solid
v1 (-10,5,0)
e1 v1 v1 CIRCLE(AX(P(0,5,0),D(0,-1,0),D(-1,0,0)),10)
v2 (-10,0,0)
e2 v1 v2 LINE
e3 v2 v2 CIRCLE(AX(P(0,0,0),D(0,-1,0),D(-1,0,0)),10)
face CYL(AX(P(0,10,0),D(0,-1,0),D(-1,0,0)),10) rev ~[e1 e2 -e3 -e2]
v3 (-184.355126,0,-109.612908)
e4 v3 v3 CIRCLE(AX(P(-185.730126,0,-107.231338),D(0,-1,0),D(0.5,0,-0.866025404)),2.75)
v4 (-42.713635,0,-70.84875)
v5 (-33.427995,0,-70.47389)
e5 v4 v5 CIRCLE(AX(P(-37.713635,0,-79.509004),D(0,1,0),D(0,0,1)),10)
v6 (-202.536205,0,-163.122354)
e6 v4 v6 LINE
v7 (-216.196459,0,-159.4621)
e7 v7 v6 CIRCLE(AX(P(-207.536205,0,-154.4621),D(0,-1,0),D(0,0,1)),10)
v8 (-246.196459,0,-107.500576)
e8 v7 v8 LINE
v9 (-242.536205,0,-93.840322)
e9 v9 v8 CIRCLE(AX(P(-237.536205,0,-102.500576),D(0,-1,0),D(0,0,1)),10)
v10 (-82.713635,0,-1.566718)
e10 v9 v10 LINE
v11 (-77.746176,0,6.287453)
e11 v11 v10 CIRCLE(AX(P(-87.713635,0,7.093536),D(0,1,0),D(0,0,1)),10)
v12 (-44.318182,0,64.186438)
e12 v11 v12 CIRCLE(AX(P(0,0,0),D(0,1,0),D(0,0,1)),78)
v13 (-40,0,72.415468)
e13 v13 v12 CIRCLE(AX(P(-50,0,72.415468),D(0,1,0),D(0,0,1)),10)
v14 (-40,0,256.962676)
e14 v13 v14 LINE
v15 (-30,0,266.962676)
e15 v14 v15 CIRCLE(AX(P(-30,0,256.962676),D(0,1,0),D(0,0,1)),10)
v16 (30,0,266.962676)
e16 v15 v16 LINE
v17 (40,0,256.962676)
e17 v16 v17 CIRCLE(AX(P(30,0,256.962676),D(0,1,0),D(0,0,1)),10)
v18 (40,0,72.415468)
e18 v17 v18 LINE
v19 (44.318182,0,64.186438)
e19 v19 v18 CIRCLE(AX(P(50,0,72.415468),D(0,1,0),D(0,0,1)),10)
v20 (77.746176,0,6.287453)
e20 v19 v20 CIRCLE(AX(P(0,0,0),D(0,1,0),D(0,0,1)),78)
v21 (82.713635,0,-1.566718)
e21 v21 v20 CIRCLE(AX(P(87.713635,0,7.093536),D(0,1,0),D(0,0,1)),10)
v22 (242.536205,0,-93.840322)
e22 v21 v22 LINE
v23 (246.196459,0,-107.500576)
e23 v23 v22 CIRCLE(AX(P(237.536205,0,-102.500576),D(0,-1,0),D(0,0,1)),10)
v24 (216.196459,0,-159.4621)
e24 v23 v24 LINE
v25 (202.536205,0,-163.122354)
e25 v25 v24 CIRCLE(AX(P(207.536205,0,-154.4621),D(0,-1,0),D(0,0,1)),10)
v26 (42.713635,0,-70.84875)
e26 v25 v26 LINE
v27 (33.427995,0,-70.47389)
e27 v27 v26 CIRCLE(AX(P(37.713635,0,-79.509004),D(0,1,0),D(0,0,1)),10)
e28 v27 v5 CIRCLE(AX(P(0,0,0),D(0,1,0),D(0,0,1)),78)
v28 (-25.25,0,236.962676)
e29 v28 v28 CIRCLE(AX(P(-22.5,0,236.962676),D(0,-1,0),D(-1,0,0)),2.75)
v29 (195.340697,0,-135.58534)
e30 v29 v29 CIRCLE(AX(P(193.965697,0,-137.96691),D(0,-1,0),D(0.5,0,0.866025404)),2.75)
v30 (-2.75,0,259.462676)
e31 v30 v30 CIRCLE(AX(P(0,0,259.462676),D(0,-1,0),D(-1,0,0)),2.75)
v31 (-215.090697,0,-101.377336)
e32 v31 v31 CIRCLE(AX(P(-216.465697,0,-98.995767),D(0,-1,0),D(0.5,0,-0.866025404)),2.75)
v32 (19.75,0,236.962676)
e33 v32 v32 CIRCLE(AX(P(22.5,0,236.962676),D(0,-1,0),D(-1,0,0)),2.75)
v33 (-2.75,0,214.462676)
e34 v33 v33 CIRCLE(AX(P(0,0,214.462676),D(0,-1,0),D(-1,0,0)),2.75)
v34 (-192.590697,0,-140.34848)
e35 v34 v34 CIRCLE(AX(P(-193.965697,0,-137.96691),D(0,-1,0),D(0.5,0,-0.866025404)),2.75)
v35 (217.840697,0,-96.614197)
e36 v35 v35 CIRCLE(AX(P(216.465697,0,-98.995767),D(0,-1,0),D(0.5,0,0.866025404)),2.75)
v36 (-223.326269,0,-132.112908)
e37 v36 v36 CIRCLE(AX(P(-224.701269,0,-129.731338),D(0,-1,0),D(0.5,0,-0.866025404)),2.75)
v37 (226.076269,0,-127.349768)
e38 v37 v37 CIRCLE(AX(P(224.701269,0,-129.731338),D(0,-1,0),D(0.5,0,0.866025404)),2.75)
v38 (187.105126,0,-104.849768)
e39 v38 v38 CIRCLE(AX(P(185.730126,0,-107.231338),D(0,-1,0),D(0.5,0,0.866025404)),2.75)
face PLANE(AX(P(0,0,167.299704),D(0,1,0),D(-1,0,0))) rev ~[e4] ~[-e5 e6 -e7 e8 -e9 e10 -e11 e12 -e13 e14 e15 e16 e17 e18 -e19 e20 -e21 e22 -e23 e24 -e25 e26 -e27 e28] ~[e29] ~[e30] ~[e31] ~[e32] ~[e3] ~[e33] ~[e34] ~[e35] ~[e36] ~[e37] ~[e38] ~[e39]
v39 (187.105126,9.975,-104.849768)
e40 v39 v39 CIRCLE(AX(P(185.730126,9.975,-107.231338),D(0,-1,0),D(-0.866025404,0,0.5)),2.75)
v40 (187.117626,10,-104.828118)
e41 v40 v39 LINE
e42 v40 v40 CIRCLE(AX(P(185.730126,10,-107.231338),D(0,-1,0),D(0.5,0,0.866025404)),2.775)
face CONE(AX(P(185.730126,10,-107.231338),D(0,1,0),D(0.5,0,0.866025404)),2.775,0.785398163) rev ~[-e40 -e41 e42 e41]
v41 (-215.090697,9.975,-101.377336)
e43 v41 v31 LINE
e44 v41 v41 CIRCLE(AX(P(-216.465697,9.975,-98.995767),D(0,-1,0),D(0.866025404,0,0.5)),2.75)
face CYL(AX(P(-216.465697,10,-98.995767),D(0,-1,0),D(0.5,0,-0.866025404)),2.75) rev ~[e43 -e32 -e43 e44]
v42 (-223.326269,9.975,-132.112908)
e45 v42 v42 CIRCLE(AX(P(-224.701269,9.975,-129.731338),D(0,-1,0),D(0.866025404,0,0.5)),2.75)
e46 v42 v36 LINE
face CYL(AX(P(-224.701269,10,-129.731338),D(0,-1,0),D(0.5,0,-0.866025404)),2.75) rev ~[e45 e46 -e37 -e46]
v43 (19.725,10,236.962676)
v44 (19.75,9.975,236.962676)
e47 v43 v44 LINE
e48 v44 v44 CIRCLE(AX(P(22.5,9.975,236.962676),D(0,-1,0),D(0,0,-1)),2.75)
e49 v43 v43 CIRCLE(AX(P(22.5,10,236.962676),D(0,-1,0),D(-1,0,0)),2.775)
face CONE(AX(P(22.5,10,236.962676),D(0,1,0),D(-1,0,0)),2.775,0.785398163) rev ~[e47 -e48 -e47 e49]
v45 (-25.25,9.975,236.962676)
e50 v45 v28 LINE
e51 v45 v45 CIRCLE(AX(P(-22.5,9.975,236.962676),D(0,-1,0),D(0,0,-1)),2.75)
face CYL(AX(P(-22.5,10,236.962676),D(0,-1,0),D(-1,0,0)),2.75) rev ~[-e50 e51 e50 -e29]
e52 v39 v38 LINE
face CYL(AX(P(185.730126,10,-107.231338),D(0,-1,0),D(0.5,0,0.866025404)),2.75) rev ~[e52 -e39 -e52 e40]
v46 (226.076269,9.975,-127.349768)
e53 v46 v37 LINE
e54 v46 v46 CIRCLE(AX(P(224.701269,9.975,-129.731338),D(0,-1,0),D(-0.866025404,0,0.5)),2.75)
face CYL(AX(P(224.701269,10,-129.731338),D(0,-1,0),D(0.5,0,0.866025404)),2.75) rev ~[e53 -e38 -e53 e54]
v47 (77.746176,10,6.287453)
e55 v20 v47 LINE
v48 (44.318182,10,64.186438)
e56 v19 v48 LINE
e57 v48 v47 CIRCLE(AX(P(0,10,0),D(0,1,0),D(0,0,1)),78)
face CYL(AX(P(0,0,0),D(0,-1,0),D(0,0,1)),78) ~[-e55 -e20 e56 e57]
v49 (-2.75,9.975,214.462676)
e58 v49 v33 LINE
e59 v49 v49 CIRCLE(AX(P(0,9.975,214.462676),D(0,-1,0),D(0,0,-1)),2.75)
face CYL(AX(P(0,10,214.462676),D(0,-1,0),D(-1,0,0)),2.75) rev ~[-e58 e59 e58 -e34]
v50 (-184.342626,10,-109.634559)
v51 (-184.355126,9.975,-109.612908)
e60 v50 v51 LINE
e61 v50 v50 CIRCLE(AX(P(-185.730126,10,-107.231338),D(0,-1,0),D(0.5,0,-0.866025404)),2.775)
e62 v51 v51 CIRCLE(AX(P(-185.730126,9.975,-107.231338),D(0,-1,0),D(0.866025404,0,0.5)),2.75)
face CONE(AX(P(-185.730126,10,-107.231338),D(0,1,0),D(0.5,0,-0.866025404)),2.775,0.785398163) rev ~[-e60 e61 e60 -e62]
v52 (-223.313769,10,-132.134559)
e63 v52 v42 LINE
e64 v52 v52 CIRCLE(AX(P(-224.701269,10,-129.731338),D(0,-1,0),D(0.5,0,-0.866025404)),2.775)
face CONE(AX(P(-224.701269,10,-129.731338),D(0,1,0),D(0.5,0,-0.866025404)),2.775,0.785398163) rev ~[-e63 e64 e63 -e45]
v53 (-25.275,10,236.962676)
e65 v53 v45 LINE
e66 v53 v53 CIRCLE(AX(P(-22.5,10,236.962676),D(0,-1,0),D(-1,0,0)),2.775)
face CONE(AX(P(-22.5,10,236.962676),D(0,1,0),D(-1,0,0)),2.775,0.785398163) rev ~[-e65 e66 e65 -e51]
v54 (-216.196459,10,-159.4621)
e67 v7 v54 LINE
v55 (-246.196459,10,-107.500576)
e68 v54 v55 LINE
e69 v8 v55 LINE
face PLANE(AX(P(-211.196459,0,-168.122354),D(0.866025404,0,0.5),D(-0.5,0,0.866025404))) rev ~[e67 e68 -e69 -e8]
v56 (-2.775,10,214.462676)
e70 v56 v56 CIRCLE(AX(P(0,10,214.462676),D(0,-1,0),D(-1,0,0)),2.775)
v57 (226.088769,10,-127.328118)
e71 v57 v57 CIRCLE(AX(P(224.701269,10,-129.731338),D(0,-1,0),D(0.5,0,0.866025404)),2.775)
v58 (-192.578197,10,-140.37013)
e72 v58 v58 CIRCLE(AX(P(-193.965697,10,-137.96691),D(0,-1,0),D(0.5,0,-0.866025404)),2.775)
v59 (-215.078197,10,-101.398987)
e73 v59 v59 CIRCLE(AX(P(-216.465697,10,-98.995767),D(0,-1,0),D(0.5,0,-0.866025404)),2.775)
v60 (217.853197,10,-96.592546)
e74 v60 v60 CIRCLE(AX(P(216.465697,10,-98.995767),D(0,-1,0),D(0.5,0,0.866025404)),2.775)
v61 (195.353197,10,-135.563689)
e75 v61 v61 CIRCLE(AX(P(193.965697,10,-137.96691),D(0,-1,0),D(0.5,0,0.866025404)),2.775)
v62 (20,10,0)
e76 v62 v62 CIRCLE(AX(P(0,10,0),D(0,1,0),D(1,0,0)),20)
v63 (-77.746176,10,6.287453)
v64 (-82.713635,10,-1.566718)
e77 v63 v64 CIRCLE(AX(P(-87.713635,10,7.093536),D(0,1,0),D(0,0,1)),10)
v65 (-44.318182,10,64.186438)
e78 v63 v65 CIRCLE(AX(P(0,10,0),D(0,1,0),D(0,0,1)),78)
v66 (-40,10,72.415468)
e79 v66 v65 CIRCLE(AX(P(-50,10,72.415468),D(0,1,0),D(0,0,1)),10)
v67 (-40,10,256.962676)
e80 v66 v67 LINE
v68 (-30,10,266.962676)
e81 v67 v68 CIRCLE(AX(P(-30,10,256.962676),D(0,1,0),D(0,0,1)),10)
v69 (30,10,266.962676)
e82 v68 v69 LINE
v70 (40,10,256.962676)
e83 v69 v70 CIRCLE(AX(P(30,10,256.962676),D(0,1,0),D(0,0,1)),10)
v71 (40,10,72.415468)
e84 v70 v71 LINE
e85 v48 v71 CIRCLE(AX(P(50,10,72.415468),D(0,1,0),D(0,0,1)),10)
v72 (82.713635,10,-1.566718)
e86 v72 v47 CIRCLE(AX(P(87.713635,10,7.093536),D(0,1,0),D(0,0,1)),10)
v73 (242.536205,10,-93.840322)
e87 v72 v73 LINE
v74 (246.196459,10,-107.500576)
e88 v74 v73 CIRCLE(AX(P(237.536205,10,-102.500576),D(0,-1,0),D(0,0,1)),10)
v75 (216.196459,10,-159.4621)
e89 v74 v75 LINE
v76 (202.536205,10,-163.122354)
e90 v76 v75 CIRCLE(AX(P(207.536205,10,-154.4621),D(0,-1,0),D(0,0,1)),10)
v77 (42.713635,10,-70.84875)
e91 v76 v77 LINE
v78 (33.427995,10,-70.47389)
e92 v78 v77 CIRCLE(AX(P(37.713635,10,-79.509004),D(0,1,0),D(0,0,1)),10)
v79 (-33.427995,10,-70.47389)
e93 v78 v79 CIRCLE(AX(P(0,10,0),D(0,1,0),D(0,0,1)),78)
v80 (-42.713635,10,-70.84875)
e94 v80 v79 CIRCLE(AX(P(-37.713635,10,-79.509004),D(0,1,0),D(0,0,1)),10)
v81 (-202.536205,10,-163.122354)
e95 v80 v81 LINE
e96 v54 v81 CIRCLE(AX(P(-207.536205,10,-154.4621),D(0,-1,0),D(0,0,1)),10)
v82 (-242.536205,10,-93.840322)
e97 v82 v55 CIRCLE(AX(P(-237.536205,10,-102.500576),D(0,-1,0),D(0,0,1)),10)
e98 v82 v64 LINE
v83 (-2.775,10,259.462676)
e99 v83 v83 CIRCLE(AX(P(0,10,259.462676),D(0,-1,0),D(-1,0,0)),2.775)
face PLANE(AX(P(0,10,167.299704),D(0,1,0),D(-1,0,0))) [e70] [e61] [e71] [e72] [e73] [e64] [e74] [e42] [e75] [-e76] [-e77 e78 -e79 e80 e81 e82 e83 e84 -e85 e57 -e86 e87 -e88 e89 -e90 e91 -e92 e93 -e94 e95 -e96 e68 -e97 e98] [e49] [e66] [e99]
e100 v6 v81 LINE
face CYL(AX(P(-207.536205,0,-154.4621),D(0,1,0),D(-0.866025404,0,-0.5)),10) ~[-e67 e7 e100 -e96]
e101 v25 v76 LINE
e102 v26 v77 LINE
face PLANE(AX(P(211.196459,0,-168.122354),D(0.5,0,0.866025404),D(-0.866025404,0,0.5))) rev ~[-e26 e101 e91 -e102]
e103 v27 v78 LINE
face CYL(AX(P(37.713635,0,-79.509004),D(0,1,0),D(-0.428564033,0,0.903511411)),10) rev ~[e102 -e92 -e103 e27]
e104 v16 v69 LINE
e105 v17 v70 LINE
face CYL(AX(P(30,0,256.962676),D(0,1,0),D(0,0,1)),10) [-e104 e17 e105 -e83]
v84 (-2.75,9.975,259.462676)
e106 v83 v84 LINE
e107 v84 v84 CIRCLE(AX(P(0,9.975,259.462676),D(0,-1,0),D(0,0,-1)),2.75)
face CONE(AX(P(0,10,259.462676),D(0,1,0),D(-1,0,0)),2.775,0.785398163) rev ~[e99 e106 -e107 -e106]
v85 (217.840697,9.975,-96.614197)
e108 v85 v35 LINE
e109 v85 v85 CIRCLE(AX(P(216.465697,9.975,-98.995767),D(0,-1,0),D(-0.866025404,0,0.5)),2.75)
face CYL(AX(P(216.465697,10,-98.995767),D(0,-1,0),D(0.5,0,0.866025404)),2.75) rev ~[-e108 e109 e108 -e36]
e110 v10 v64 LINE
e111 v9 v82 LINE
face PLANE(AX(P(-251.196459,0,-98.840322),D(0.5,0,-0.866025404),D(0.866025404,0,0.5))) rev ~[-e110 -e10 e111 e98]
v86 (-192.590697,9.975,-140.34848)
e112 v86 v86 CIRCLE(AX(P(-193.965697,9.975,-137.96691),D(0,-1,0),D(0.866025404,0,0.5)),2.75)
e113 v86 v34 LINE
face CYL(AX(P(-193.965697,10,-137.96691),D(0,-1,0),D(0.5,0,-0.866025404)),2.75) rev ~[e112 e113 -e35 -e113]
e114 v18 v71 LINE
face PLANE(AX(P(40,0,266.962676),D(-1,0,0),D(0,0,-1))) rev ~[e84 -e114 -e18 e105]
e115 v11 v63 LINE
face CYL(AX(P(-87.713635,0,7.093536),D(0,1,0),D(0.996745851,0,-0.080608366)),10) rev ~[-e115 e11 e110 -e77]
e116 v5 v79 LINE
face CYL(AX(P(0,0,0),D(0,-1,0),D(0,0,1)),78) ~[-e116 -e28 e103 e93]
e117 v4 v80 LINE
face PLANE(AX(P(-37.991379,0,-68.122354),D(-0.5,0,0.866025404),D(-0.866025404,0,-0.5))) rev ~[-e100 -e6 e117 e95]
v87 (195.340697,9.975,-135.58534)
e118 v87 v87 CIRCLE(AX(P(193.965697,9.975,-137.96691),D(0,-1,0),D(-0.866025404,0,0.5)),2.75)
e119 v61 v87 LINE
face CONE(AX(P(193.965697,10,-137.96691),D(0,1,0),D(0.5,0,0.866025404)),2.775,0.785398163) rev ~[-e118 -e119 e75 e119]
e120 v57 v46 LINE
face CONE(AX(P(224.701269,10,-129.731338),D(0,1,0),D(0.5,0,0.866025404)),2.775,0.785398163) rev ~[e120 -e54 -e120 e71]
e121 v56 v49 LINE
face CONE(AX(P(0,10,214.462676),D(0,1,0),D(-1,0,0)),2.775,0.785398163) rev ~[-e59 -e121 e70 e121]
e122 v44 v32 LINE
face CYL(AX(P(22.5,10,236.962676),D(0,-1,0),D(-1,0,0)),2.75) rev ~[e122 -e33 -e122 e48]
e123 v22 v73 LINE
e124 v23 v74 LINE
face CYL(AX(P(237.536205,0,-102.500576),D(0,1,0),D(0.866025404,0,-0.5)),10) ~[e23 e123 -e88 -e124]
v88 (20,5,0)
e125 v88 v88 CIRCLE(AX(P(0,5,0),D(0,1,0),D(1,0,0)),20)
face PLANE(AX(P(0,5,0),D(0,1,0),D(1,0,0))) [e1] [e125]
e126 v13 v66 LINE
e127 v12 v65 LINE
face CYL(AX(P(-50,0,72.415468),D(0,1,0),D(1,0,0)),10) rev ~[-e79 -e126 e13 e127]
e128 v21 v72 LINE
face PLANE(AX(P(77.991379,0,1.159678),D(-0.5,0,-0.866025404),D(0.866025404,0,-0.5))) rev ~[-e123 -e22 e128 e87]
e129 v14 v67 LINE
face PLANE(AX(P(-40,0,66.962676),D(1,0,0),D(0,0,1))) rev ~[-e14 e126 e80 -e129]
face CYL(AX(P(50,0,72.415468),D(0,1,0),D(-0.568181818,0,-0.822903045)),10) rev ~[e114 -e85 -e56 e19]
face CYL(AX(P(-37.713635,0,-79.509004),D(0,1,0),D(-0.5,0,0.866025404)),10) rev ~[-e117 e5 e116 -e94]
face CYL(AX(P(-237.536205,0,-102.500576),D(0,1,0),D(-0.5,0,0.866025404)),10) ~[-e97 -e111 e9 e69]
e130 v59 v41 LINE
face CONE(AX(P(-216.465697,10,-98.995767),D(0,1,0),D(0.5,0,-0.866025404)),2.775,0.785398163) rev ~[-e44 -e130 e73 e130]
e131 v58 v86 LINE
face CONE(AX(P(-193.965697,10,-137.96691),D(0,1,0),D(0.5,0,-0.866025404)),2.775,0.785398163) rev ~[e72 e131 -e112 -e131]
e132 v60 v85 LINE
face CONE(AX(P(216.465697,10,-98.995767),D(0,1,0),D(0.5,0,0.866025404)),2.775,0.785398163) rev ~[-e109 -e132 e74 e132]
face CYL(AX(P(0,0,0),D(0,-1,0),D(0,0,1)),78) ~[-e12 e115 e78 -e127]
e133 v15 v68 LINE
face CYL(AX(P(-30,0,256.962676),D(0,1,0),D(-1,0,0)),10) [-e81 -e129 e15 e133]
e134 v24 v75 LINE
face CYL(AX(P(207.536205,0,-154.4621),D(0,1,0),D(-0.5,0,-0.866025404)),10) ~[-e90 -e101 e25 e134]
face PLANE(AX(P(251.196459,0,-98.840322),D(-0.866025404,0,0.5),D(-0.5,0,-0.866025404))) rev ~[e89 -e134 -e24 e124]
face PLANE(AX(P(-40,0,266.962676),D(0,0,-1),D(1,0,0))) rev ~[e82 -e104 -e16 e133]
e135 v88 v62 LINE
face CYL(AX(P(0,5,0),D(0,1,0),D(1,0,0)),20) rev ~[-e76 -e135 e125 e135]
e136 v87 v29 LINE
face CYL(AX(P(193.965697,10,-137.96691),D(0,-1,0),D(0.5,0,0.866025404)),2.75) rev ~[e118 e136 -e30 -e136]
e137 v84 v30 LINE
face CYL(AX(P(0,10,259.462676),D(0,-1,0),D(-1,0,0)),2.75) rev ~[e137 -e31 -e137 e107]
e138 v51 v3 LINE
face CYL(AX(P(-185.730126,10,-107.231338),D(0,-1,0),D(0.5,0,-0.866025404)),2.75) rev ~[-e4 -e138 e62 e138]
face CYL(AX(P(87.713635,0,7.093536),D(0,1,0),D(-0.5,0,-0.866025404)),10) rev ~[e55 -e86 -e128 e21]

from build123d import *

# Parameters (mm, degrees)
SKETCH1_R                      = 78
BOSS_EXTRUDE1_DEPTH            = 10
BOSS_EXTRUDE2_DEPTH            = 10
FILLET1_R                      = 10
M5_CLEARANCE_HOLE1_D           = 5.5
M5_CLEARANCE_HOLE1_CSINK_D     = 5.55
M5_CLEARANCE_HOLE1_CSINK_ANGLE = 90
CIRPATTERN1_COUNT              = 3
FILLET1_OF_CIRPATTERN1_R       = 10
HOLE1_D                        = 20
HOLE1_CBORE_D                  = 40
HOLE1_CBORE_DEPTH              = 5


with BuildPart() as part:
    # Sketch1 → Boss-Extrude1 (new body)
    with BuildSketch(Plane(origin=(0, 0, 0), x_dir=(1, 0, 0), z_dir=(0, 1, 0))):
        with Locations(Location((0, 0, 0), (0, 0, 270))):
            Circle(SKETCH1_R)
    extrude(amount=BOSS_EXTRUDE1_DEPTH)

    # Sketch4 → Boss-Extrude2 (add)
    with BuildSketch(Plane.XZ):
        with BuildLine():
            Line((-40, 66.962676171), (-40, 266.962676171))
            Line((-40, 266.962676171), (40, 266.962676171))
            Line((40, 266.962676171), (40, 66.962676171))
            ThreePointArc((40, 66.962676171), (0, 78), (-40, 66.962676171))
        make_face()
    boss_extrude2 = extrude(amount=-BOSS_EXTRUDE2_DEPTH)

    # Fillet1
    fillet1_edges = [part.edges().sort_by_distance(p)[0] for p in [
        (40, 5, 266.962676171),
        (-40, 5, 266.962676171),
        (-40, 5, 66.962676171),
        (40, 5, 66.962676171),
    ]]
    fillet(fillet1_edges, radius=FILLET1_R)

    # M5 Clearance Hole1 (through all)
    with Locations(Plane(origin=(0, 10, 0), x_dir=(1, 0, 0), z_dir=(0, 1, 0))):
        with Locations((0, -259.462676171), (-22.5, -236.962676171), (22.5, -236.962676171), (0, -214.462676171)):
            m5_clearance_hole1 = CounterSinkHole(M5_CLEARANCE_HOLE1_D / 2, M5_CLEARANCE_HOLE1_CSINK_D / 2, counter_sink_angle=M5_CLEARANCE_HOLE1_CSINK_ANGLE)

    # CirPattern1: Boss-Extrude2, M5 Clearance Hole1 ×3 about axis
    cirpattern1_axis = Axis((0, 0, 0), (0, 1, 0))
    add([boss_extrude2.rotate(cirpattern1_axis, i * 360 / CIRPATTERN1_COUNT) for i in range(1, CIRPATTERN1_COUNT)])
    add([m5_clearance_hole1.rotate(cirpattern1_axis, i * 360 / CIRPATTERN1_COUNT) for i in range(1, CIRPATTERN1_COUNT)], mode=Mode.SUBTRACT)

    # Fillet1 of CirPattern1
    fillet1_of_cirpattern1_edges = [part.edges().sort_by_distance(p)[0] for p in [
        (211.196459426, 5, -168.122354237),
        (251.196459426, 5, -98.840321934),
        (77.99137867, 5, 1.159678066),
        (37.99137867, 5, -68.122354237),
        (-251.196459426, 5, -98.840321934),
        (-211.196459426, 5, -168.122354237),
        (-37.99137867, 5, -68.122354237),
        (-77.99137867, 5, 1.159678066),
    ]]
    fillet(fillet1_of_cirpattern1_edges, radius=FILLET1_OF_CIRPATTERN1_R)

    # Hole1 (through all)
    with Locations(Plane(origin=(0, 10, 0), x_dir=(1, 0, 0), z_dir=(0, 1, 0))):
        with Locations((0, 0)):
            CounterBoreHole(HOLE1_D / 2, HOLE1_CBORE_D / 2, HOLE1_CBORE_DEPTH)


solid = part.part
